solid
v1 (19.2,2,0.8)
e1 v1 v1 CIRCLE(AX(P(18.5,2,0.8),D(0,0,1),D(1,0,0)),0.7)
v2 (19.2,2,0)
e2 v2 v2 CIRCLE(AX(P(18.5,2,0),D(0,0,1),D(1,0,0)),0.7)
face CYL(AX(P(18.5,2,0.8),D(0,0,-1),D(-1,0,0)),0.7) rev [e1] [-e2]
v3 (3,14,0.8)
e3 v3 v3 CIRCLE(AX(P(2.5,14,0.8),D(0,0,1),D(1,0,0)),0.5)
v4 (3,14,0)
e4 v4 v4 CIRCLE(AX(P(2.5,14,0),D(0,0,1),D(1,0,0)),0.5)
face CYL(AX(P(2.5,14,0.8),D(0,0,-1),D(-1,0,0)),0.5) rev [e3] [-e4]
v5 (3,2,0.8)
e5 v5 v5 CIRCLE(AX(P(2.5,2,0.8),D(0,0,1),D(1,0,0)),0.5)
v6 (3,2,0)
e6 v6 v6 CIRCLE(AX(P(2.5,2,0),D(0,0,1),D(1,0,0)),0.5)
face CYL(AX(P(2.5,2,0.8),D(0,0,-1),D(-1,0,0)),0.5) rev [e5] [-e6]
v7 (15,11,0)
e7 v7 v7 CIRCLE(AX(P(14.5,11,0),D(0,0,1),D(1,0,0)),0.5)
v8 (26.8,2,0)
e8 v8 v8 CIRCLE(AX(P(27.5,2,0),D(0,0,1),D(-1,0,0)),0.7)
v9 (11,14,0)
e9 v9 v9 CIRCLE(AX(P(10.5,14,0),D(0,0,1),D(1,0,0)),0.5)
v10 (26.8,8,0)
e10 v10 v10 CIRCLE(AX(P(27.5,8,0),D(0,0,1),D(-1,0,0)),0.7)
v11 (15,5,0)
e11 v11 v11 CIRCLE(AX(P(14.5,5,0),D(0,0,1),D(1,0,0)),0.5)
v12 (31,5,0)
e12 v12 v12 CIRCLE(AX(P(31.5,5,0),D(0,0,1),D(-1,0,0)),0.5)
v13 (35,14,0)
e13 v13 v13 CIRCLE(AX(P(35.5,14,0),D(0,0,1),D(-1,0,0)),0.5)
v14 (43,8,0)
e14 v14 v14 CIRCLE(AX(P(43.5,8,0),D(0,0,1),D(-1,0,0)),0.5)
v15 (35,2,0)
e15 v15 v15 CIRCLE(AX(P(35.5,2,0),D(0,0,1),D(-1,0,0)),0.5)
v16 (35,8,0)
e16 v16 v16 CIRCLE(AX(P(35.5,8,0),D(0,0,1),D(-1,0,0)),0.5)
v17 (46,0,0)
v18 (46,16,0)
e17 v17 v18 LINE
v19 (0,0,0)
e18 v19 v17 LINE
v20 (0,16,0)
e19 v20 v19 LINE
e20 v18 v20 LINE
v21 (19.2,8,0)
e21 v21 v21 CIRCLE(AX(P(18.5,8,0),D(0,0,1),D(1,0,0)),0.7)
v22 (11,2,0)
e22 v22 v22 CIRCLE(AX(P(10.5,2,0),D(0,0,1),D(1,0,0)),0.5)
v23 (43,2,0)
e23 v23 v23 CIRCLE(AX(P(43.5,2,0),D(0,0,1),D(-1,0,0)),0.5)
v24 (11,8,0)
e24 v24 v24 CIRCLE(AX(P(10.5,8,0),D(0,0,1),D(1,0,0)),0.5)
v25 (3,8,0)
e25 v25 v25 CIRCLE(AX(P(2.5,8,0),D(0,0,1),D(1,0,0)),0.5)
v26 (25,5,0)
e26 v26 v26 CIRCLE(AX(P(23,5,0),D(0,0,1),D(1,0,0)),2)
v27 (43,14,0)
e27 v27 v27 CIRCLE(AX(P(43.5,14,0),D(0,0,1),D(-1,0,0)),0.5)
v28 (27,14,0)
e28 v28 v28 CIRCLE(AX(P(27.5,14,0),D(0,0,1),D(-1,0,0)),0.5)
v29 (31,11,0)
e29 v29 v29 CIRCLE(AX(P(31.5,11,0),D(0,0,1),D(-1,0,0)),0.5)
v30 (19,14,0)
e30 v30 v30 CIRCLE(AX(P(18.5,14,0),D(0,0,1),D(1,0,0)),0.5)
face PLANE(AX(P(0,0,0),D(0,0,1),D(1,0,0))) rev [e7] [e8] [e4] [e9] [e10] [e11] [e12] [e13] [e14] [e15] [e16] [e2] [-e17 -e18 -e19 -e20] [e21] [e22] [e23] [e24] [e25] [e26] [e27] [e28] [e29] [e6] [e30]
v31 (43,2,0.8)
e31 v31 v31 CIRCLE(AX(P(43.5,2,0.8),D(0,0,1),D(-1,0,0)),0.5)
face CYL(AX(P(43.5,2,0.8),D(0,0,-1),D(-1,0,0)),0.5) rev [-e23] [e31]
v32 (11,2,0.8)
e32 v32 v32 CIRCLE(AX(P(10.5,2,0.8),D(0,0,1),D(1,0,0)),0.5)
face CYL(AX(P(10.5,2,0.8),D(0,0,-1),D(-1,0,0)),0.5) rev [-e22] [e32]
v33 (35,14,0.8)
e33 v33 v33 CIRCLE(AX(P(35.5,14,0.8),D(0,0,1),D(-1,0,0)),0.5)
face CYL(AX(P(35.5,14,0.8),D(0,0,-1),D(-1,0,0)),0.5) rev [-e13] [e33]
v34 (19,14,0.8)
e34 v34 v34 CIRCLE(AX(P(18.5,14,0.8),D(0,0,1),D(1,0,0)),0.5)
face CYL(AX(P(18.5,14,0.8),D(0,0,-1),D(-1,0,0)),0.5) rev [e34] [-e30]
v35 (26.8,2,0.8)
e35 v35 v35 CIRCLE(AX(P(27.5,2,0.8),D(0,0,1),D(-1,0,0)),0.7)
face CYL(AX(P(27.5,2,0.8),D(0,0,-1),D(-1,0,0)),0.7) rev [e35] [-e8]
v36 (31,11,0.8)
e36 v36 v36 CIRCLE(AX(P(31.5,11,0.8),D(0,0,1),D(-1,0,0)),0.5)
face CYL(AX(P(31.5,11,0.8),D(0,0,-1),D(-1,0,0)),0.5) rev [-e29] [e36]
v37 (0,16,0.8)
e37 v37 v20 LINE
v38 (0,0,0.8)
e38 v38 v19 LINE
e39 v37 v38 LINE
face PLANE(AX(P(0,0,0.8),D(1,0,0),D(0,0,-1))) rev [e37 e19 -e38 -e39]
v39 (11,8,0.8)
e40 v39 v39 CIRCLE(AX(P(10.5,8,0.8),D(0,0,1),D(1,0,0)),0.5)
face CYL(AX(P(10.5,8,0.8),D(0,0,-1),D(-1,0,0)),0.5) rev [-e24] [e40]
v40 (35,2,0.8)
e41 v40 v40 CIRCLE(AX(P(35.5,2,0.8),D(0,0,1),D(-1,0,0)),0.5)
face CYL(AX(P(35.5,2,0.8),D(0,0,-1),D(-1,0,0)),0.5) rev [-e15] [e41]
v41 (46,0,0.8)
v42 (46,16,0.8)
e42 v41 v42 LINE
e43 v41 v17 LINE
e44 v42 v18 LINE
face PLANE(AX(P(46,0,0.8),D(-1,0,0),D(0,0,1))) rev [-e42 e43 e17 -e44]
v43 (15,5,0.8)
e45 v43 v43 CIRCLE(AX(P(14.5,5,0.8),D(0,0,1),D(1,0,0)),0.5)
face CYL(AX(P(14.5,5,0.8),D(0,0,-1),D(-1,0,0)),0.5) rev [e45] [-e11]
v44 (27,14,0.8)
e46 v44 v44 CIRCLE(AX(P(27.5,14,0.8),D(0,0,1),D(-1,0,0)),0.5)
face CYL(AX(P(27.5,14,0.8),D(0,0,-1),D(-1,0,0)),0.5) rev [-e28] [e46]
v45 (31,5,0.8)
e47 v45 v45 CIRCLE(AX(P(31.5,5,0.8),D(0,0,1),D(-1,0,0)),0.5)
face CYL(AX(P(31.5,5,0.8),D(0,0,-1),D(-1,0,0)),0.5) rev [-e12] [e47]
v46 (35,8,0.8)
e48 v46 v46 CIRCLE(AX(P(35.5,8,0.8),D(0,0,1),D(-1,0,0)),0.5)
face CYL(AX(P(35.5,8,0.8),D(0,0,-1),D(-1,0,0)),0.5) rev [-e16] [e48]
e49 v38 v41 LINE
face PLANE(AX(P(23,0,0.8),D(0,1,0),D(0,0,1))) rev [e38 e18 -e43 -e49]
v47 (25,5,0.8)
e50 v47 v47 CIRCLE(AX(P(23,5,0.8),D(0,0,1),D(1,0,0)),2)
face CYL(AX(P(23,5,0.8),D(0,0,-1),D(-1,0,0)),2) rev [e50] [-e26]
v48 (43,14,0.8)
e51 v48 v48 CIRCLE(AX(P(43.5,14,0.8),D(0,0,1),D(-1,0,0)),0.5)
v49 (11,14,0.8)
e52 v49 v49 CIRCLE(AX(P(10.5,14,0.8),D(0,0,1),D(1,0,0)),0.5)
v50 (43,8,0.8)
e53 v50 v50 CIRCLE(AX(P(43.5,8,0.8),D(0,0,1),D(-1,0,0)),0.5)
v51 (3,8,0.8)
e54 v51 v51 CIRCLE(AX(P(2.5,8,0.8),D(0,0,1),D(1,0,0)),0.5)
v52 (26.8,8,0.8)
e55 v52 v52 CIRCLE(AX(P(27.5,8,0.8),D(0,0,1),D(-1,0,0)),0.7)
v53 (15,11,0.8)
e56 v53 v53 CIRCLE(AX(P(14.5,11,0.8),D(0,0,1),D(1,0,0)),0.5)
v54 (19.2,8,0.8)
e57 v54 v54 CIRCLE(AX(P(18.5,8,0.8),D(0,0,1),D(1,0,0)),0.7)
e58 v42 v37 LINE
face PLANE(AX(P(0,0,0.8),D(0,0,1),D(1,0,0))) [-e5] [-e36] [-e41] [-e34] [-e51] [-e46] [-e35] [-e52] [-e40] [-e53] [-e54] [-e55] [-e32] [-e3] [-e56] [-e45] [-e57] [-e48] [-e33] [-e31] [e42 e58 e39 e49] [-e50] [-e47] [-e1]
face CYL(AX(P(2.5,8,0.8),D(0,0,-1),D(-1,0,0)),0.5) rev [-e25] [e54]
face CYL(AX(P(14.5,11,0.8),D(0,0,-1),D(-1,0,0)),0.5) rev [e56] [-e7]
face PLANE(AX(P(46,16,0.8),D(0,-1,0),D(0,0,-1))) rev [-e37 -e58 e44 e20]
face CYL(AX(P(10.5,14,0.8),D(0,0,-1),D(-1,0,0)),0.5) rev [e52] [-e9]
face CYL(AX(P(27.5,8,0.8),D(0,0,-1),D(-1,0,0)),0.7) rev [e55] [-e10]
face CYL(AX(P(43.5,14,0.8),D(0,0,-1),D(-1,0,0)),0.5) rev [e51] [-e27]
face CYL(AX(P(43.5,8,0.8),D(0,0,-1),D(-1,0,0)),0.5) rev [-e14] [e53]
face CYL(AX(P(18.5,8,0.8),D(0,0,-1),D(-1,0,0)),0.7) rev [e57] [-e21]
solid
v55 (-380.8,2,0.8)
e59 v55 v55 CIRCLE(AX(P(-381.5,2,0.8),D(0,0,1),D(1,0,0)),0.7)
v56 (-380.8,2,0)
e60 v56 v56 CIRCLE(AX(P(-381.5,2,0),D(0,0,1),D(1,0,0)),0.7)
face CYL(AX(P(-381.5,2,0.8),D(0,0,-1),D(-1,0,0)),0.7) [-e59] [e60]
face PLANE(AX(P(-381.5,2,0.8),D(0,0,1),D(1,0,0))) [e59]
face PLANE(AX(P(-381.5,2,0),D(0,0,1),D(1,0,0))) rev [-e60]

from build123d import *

# Parameters (mm, degrees)
ESQUISSE1_R          = 0.7
BOSS_EXTRU_1_DEPTH   = 0.8
ESQUISSE1_R_2        = 0.5
ESQUISSE1_R_3        = 2
BOSS_EXTRU_1_2_DEPTH = 0.8


with BuildPart() as part:
    # Esquisse1 → Boss.-Extru.1 (new body)
    with BuildSketch(Plane.XY):
        with Locations((-381.5, 2)):
            Circle(ESQUISSE1_R)
    extrude(amount=BOSS_EXTRU_1_DEPTH)


with BuildPart() as body_2:
    # Esquisse1 → Boss.-Extru.1 2 (new body)
    with BuildSketch(Plane.XY):
        Polygon((23, 0), (0, 0), (0, 16), (46, 16), (46, 0), align=None)
        with Locations((2.5, 8)):
            Circle(ESQUISSE1_R_2, mode=Mode.SUBTRACT)
        with Locations((2.5, 14)):
            Circle(ESQUISSE1_R_2, mode=Mode.SUBTRACT)
        with Locations((2.5, 2)):
            Circle(ESQUISSE1_R_2, mode=Mode.SUBTRACT)
        with Locations((10.5, 8)):
            Circle(ESQUISSE1_R_2, mode=Mode.SUBTRACT)
        with Locations((10.5, 2)):
            Circle(ESQUISSE1_R_2, mode=Mode.SUBTRACT)
        with Locations((10.5, 14)):
            Circle(ESQUISSE1_R_2, mode=Mode.SUBTRACT)
        with Locations((23, 5)):
            Circle(ESQUISSE1_R_3, mode=Mode.SUBTRACT)
        with Locations((18.5, 14)):
            Circle(ESQUISSE1_R_2, mode=Mode.SUBTRACT)
        with Locations((14.5, 5)):
            Circle(ESQUISSE1_R_2, mode=Mode.SUBTRACT)
        with Locations((14.5, 11)):
            Circle(ESQUISSE1_R_2, mode=Mode.SUBTRACT)
        with Locations((18.5, 2)):
            Circle(ESQUISSE1_R, mode=Mode.SUBTRACT)
        with Locations((18.5, 8)):
            Circle(ESQUISSE1_R, mode=Mode.SUBTRACT)
        with Locations(Location((27.5, 2, 0), (0, 0, 180))):
            Circle(ESQUISSE1_R, mode=Mode.SUBTRACT)
        with Locations(Location((31.5, 11, 0), (0, 0, 180))):
            Circle(ESQUISSE1_R_2, mode=Mode.SUBTRACT)
        with Locations(Location((31.5, 5, 0), (0, 0, 180))):
            Circle(ESQUISSE1_R_2, mode=Mode.SUBTRACT)
        with Locations(Location((27.5, 14, 0), (0, 0, 180))):
            Circle(ESQUISSE1_R_2, mode=Mode.SUBTRACT)
        with Locations(Location((35.5, 14, 0), (0, 0, 180))):
            Circle(ESQUISSE1_R_2, mode=Mode.SUBTRACT)
        with Locations(Location((35.5, 2, 0), (0, 0, 180))):
            Circle(ESQUISSE1_R_2, mode=Mode.SUBTRACT)
        with Locations(Location((35.5, 8, 0), (0, 0, 180))):
            Circle(ESQUISSE1_R_2, mode=Mode.SUBTRACT)
        with Locations(Location((43.5, 2, 0), (0, 0, 180))):
            Circle(ESQUISSE1_R_2, mode=Mode.SUBTRACT)
        with Locations(Location((43.5, 14, 0), (0, 0, 180))):
            Circle(ESQUISSE1_R_2, mode=Mode.SUBTRACT)
        with Locations(Location((43.5, 8, 0), (0, 0, 180))):
            Circle(ESQUISSE1_R_2, mode=Mode.SUBTRACT)
        with Locations(Location((27.5, 8, 0), (0, 0, 180))):
            Circle(ESQUISSE1_R, mode=Mode.SUBTRACT)
    extrude(amount=BOSS_EXTRU_1_2_DEPTH)


solid = Compound([part.part, body_2.part])
